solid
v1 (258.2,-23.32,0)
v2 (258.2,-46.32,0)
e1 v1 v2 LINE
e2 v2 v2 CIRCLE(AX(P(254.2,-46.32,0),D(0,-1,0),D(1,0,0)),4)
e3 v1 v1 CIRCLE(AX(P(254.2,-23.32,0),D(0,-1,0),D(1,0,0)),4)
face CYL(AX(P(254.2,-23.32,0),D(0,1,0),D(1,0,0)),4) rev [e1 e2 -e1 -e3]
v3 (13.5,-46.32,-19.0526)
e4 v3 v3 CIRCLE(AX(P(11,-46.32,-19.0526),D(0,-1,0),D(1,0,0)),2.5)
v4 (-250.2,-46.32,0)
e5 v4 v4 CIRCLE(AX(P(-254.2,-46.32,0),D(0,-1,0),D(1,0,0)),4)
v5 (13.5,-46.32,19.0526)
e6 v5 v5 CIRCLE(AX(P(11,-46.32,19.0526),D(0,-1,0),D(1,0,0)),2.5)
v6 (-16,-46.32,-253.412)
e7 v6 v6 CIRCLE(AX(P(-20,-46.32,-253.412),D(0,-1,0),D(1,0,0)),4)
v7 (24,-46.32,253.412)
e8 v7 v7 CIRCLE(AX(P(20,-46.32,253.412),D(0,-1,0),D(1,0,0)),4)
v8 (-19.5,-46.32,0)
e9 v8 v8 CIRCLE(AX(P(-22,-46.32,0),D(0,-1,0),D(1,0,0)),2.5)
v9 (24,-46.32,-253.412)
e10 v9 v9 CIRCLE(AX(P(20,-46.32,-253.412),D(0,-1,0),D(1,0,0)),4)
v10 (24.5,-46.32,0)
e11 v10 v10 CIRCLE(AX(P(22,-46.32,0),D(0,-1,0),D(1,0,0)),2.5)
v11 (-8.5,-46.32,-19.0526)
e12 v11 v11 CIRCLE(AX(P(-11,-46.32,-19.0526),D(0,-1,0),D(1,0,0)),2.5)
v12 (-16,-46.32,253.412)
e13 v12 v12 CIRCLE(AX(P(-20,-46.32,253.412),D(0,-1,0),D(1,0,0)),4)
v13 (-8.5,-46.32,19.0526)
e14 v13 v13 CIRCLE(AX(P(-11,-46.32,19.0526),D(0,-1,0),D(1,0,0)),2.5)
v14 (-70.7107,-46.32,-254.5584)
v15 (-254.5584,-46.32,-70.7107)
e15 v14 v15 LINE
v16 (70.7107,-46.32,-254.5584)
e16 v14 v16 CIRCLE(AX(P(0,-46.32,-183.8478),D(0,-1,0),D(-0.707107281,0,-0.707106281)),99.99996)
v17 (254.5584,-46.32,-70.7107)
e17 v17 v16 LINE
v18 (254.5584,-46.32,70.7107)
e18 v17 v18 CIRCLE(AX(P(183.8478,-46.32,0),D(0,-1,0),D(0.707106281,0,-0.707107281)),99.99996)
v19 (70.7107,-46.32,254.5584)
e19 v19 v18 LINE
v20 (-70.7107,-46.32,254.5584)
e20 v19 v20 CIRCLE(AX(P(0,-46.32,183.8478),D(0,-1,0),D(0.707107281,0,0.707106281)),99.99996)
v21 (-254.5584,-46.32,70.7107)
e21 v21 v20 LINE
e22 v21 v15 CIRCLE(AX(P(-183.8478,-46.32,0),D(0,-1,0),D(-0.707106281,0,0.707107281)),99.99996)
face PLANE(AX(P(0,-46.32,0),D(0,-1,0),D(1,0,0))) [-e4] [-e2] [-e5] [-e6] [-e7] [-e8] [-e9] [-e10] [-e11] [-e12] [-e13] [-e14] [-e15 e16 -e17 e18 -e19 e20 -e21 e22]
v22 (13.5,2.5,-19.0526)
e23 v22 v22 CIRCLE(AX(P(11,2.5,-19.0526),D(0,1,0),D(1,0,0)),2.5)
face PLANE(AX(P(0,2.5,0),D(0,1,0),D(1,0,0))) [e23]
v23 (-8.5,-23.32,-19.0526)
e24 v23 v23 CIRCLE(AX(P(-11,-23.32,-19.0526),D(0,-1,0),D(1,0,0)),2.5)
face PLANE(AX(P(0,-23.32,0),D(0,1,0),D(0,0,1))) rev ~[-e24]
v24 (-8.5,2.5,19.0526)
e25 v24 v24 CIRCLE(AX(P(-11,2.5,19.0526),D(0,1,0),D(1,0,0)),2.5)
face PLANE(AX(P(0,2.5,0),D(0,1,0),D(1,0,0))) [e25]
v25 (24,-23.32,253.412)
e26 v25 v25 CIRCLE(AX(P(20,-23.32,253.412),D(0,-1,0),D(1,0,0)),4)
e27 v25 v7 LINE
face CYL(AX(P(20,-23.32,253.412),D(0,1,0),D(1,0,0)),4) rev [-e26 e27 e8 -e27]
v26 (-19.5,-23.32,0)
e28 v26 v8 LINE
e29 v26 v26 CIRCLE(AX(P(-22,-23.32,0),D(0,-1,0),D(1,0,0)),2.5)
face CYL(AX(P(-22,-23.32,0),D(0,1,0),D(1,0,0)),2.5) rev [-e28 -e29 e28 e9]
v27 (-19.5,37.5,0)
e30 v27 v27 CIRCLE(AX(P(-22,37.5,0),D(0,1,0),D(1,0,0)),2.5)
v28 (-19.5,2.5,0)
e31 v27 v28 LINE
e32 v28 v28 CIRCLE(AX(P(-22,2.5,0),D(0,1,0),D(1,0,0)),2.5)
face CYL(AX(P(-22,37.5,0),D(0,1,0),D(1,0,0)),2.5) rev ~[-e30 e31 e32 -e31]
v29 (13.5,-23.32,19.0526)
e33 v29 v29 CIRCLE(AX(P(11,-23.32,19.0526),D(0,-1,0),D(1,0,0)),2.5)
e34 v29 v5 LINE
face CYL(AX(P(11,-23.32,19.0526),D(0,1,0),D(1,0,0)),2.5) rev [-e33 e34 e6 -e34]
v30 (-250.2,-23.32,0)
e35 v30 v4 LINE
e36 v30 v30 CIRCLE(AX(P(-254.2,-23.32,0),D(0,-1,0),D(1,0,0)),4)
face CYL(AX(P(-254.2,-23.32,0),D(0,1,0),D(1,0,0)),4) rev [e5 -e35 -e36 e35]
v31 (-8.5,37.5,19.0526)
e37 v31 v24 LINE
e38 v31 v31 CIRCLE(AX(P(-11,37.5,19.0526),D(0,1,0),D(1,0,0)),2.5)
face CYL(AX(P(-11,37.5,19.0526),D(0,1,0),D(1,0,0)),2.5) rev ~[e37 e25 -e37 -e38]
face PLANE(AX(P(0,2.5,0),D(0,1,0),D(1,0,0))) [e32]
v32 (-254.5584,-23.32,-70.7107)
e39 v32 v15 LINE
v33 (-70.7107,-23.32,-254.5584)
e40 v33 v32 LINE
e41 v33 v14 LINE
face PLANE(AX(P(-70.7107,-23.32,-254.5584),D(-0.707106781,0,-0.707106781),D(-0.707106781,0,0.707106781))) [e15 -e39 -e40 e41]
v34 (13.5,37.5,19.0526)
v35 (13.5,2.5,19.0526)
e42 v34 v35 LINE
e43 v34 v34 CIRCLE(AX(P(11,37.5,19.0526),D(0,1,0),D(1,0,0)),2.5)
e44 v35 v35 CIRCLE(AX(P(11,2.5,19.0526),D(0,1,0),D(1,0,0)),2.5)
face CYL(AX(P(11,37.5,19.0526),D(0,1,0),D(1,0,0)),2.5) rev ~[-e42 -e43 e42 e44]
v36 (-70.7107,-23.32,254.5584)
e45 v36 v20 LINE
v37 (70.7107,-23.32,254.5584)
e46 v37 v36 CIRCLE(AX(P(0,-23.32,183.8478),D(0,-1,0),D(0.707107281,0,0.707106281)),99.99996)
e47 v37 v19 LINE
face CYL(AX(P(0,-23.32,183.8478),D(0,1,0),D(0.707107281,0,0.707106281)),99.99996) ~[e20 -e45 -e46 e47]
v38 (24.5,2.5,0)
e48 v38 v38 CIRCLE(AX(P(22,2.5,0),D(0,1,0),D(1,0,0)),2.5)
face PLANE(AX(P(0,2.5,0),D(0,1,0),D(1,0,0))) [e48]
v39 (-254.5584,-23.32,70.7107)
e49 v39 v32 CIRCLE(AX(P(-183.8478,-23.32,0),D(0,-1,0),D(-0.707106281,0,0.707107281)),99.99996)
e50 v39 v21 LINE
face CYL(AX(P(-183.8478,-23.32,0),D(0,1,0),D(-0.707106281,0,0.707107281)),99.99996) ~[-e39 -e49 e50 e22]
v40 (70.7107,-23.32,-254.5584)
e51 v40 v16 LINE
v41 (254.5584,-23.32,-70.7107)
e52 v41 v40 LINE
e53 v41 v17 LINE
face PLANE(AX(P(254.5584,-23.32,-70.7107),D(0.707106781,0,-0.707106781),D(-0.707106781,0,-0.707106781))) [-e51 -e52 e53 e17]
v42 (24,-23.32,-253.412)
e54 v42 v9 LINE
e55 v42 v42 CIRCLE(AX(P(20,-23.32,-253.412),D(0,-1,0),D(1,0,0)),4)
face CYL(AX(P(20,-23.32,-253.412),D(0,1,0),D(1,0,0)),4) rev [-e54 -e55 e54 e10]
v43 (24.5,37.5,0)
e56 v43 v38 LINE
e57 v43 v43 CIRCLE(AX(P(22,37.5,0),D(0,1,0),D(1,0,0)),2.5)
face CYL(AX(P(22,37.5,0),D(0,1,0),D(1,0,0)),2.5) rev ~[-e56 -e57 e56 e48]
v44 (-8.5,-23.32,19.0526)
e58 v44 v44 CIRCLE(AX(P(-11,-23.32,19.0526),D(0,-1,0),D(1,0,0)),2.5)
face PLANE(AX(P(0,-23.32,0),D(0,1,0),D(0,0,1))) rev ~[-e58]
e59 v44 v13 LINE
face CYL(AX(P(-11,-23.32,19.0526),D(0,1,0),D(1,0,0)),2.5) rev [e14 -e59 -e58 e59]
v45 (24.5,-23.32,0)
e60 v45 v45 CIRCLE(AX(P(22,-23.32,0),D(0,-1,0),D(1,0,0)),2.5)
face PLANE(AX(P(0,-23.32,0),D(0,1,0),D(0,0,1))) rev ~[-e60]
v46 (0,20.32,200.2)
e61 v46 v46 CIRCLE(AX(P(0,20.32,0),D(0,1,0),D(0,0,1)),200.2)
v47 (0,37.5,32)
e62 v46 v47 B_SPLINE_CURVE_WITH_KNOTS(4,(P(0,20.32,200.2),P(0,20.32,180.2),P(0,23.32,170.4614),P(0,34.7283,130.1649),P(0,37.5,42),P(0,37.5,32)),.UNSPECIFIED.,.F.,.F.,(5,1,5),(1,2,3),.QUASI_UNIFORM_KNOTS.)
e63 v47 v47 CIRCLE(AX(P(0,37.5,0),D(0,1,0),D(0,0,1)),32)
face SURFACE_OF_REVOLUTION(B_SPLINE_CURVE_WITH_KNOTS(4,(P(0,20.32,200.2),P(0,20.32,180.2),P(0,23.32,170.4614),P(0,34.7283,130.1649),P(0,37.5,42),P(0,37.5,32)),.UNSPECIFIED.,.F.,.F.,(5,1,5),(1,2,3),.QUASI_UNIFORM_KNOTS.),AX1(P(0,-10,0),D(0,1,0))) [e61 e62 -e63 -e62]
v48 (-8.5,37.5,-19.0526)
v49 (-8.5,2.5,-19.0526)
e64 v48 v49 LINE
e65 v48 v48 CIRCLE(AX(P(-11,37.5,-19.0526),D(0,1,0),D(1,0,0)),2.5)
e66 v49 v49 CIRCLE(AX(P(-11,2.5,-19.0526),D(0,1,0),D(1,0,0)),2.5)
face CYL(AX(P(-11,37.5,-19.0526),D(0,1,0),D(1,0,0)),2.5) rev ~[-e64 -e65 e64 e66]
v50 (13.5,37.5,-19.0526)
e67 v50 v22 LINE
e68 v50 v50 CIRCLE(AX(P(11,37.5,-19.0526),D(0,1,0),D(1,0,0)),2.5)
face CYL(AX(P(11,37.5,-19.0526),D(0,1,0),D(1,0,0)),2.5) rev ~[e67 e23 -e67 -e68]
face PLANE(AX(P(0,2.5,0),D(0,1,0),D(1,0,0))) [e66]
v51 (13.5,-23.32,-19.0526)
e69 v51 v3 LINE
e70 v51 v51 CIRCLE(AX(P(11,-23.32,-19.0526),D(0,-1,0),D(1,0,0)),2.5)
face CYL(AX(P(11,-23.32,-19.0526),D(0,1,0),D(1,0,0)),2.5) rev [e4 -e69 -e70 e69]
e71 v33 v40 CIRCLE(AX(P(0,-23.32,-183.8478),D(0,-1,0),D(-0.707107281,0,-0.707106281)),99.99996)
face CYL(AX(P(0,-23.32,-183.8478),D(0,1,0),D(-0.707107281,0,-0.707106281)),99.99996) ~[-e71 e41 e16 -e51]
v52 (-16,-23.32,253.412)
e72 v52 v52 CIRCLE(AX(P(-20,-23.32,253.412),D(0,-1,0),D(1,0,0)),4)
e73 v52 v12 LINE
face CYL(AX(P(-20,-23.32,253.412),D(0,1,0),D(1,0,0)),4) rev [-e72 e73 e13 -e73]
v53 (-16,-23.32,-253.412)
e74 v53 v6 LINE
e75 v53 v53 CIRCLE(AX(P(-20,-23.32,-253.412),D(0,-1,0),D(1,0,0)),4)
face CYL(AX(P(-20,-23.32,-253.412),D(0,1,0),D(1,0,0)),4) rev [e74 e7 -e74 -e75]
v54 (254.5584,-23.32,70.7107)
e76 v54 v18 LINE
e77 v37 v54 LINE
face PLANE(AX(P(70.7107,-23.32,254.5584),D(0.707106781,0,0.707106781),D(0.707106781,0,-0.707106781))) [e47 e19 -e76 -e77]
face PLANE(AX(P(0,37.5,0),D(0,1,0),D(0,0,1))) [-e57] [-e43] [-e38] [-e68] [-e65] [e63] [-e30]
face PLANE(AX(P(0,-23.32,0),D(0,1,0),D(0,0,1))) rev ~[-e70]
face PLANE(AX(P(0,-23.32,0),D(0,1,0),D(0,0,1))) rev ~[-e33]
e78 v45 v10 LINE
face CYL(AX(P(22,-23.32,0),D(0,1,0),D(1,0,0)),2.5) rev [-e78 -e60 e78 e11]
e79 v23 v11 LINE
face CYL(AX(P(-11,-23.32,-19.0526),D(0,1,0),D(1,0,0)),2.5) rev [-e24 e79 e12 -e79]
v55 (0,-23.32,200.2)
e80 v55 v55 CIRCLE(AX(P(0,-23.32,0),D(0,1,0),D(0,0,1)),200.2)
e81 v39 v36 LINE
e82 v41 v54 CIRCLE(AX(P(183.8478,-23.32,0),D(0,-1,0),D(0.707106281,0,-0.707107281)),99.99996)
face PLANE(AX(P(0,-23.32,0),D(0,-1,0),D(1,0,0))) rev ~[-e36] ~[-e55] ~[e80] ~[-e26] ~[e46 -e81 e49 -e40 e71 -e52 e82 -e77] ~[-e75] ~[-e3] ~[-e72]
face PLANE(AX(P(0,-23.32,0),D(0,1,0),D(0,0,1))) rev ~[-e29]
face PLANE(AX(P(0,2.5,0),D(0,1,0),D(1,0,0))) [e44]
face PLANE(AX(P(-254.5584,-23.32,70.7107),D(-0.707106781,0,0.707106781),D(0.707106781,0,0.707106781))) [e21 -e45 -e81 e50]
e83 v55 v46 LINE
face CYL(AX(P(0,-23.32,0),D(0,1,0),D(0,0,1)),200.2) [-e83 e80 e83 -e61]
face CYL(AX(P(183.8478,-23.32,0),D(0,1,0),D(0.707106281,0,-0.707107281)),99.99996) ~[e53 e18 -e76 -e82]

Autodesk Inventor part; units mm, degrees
ref_plane "YZ Plane" through (0, 0, 0) normal (1, 0, 0) x (0, 1, 0)
ref_plane "XZ Plane" through (0, 0, 0) normal (0, 1, 0) x (-1, 0, 0)
ref_plane "XY Plane" through (0, 0, 0) normal (0, 0, 1) x (1, 0, 0)
sketch "Esquisse2" plane through (0, 0, 0) normal (1, 0, 0) x (0, 1, 0)
  line L0 (-23.32, 215.2) -> (-23.32, 200.2) projected
  line L1 (-23.32, 200.2) -> (20.32, 200.2) projected
  spline S0 degree 4 poles (20.32, 200.2) (20.32, 180.2) (23.32, 170.4614) (34.7283, 130.1649) (37.5, 42) (37.5, 32) knots 1 1 1 1 1 2 3 3 3 3 3 projected
  line L2 (37.5, 32) -> (37.5, 0) projected
  line L3 (-23.32, 200.2) -> (-23.32, 0)
  line L4 (-23.32, 0) -> (37.5, 0)
  line L5 (-36.3967, 0) -> (55.14, 0) projected
  point P0 (0, 0)
revolve "Révolution1" add sketch "Esquisse2" angle 360 about axis through (0, -10, 0) along (0, 1, 0)
sketch "Esquisse3" plane through (0, -23.32, 0) normal (0, -1, 0) x (1, 0, 0)
  circle A0 centre (-254.2, 0) radius 4 projected
  circle A1 centre (254.2, 0) radius 4 projected
  circle A2 centre (-20, -253.412) radius 4 projected
  circle A3 centre (20, -253.412) radius 4 projected
  circle A4 centre (-20, 253.412) radius 4 projected
  circle A5 centre (20, 253.412) radius 4 projected
  circle A6 centre (-22, 0) radius 2.5 projected
  circle A7 centre (-11, 19.0526) radius 2.5 projected
  circle A8 centre (11, 19.0526) radius 2.5 projected
  circle A9 centre (22, 0) radius 2.5 projected
  circle A10 centre (11, -19.0526) radius 2.5 projected
  circle A11 centre (-11, -19.0526) radius 2.5 projected
  line L0 (70.7107, 254.5584) -> (254.5584, 70.7107) projected
  arc A12 (254.5584, -70.7107) -> (254.5584, 70.7107) centre (183.8478, 0) ccw projected
  line L1 (254.5584, -70.7107) -> (70.7107, -254.5584) projected
  arc A13 (-70.7107, -254.5584) -> (70.7107, -254.5584) centre (0, -183.8478) ccw projected
  line L2 (-70.7107, -254.5584) -> (-254.5584, -70.7107) projected
  arc A14 (-254.5584, 70.7107) -> (-254.5584, -70.7107) centre (-183.8478, 0) ccw projected
  line L3 (-254.5584, 70.7107) -> (-70.7107, 254.5584) projected
  arc A15 (70.7107, 254.5584) -> (-70.7107, 254.5584) centre (0, 183.8478) ccw projected
extrude "Extrusion1" add sketch "Esquisse3" along normal blind 23
sketch "Esquisse6" plane through (0, 37.5, 0) normal (0, 1, 0) x (1, 0, 0)
  circle A0 centre (20, -253.412) radius 4 projected
  circle A1 centre (-20, -253.412) radius 4 projected
  circle A2 centre (20, 253.412) radius 4 projected
  circle A3 centre (-20, 253.412) radius 4 projected
  circle A4 centre (254.2, 0) radius 4 projected
  circle A5 centre (-254.2, 0) radius 4 projected
  circle A6 centre (-11, 19.0526) radius 2.5 projected
  circle A7 centre (11, 19.0526) radius 2.5 projected
  circle A8 centre (22, 0) radius 2.5 projected
  circle A9 centre (11, -19.0526) radius 2.5 projected
  circle A10 centre (-11, -19.0526) radius 2.5 projected
  circle A11 centre (-22, 0) radius 2.5 projected
  line L0 (254.5584, -70.7107) -> (70.7107, -254.5584) projected
  arc A12 (-70.7107, -254.5584) -> (70.7107, -254.5584) centre (0, -183.8478) ccw projected
  line L1 (-70.7107, -254.5584) -> (-254.5584, -70.7107) projected
  arc A13 (-254.5584, 70.7107) -> (-254.5584, -70.7107) centre (-183.8478, 0) ccw projected
  line L2 (-254.5584, 70.7107) -> (-70.7107, 254.5584) projected
  arc A14 (70.7107, 254.5584) -> (-70.7107, 254.5584) centre (0, 183.8478) ccw projected
  line L3 (70.7107, 254.5584) -> (254.5584, 70.7107) projected
  arc A15 (254.5584, -70.7107) -> (254.5584, 70.7107) centre (183.8478, 0) ccw projected
  point P0 (0, -32)
extrude "Extrusion3" cut sketch "Esquisse6" against normal blind 35 contours A6 | A7 | A8 | A9 | A10 | A11
properties part number "wheel_rim_mold_C"
